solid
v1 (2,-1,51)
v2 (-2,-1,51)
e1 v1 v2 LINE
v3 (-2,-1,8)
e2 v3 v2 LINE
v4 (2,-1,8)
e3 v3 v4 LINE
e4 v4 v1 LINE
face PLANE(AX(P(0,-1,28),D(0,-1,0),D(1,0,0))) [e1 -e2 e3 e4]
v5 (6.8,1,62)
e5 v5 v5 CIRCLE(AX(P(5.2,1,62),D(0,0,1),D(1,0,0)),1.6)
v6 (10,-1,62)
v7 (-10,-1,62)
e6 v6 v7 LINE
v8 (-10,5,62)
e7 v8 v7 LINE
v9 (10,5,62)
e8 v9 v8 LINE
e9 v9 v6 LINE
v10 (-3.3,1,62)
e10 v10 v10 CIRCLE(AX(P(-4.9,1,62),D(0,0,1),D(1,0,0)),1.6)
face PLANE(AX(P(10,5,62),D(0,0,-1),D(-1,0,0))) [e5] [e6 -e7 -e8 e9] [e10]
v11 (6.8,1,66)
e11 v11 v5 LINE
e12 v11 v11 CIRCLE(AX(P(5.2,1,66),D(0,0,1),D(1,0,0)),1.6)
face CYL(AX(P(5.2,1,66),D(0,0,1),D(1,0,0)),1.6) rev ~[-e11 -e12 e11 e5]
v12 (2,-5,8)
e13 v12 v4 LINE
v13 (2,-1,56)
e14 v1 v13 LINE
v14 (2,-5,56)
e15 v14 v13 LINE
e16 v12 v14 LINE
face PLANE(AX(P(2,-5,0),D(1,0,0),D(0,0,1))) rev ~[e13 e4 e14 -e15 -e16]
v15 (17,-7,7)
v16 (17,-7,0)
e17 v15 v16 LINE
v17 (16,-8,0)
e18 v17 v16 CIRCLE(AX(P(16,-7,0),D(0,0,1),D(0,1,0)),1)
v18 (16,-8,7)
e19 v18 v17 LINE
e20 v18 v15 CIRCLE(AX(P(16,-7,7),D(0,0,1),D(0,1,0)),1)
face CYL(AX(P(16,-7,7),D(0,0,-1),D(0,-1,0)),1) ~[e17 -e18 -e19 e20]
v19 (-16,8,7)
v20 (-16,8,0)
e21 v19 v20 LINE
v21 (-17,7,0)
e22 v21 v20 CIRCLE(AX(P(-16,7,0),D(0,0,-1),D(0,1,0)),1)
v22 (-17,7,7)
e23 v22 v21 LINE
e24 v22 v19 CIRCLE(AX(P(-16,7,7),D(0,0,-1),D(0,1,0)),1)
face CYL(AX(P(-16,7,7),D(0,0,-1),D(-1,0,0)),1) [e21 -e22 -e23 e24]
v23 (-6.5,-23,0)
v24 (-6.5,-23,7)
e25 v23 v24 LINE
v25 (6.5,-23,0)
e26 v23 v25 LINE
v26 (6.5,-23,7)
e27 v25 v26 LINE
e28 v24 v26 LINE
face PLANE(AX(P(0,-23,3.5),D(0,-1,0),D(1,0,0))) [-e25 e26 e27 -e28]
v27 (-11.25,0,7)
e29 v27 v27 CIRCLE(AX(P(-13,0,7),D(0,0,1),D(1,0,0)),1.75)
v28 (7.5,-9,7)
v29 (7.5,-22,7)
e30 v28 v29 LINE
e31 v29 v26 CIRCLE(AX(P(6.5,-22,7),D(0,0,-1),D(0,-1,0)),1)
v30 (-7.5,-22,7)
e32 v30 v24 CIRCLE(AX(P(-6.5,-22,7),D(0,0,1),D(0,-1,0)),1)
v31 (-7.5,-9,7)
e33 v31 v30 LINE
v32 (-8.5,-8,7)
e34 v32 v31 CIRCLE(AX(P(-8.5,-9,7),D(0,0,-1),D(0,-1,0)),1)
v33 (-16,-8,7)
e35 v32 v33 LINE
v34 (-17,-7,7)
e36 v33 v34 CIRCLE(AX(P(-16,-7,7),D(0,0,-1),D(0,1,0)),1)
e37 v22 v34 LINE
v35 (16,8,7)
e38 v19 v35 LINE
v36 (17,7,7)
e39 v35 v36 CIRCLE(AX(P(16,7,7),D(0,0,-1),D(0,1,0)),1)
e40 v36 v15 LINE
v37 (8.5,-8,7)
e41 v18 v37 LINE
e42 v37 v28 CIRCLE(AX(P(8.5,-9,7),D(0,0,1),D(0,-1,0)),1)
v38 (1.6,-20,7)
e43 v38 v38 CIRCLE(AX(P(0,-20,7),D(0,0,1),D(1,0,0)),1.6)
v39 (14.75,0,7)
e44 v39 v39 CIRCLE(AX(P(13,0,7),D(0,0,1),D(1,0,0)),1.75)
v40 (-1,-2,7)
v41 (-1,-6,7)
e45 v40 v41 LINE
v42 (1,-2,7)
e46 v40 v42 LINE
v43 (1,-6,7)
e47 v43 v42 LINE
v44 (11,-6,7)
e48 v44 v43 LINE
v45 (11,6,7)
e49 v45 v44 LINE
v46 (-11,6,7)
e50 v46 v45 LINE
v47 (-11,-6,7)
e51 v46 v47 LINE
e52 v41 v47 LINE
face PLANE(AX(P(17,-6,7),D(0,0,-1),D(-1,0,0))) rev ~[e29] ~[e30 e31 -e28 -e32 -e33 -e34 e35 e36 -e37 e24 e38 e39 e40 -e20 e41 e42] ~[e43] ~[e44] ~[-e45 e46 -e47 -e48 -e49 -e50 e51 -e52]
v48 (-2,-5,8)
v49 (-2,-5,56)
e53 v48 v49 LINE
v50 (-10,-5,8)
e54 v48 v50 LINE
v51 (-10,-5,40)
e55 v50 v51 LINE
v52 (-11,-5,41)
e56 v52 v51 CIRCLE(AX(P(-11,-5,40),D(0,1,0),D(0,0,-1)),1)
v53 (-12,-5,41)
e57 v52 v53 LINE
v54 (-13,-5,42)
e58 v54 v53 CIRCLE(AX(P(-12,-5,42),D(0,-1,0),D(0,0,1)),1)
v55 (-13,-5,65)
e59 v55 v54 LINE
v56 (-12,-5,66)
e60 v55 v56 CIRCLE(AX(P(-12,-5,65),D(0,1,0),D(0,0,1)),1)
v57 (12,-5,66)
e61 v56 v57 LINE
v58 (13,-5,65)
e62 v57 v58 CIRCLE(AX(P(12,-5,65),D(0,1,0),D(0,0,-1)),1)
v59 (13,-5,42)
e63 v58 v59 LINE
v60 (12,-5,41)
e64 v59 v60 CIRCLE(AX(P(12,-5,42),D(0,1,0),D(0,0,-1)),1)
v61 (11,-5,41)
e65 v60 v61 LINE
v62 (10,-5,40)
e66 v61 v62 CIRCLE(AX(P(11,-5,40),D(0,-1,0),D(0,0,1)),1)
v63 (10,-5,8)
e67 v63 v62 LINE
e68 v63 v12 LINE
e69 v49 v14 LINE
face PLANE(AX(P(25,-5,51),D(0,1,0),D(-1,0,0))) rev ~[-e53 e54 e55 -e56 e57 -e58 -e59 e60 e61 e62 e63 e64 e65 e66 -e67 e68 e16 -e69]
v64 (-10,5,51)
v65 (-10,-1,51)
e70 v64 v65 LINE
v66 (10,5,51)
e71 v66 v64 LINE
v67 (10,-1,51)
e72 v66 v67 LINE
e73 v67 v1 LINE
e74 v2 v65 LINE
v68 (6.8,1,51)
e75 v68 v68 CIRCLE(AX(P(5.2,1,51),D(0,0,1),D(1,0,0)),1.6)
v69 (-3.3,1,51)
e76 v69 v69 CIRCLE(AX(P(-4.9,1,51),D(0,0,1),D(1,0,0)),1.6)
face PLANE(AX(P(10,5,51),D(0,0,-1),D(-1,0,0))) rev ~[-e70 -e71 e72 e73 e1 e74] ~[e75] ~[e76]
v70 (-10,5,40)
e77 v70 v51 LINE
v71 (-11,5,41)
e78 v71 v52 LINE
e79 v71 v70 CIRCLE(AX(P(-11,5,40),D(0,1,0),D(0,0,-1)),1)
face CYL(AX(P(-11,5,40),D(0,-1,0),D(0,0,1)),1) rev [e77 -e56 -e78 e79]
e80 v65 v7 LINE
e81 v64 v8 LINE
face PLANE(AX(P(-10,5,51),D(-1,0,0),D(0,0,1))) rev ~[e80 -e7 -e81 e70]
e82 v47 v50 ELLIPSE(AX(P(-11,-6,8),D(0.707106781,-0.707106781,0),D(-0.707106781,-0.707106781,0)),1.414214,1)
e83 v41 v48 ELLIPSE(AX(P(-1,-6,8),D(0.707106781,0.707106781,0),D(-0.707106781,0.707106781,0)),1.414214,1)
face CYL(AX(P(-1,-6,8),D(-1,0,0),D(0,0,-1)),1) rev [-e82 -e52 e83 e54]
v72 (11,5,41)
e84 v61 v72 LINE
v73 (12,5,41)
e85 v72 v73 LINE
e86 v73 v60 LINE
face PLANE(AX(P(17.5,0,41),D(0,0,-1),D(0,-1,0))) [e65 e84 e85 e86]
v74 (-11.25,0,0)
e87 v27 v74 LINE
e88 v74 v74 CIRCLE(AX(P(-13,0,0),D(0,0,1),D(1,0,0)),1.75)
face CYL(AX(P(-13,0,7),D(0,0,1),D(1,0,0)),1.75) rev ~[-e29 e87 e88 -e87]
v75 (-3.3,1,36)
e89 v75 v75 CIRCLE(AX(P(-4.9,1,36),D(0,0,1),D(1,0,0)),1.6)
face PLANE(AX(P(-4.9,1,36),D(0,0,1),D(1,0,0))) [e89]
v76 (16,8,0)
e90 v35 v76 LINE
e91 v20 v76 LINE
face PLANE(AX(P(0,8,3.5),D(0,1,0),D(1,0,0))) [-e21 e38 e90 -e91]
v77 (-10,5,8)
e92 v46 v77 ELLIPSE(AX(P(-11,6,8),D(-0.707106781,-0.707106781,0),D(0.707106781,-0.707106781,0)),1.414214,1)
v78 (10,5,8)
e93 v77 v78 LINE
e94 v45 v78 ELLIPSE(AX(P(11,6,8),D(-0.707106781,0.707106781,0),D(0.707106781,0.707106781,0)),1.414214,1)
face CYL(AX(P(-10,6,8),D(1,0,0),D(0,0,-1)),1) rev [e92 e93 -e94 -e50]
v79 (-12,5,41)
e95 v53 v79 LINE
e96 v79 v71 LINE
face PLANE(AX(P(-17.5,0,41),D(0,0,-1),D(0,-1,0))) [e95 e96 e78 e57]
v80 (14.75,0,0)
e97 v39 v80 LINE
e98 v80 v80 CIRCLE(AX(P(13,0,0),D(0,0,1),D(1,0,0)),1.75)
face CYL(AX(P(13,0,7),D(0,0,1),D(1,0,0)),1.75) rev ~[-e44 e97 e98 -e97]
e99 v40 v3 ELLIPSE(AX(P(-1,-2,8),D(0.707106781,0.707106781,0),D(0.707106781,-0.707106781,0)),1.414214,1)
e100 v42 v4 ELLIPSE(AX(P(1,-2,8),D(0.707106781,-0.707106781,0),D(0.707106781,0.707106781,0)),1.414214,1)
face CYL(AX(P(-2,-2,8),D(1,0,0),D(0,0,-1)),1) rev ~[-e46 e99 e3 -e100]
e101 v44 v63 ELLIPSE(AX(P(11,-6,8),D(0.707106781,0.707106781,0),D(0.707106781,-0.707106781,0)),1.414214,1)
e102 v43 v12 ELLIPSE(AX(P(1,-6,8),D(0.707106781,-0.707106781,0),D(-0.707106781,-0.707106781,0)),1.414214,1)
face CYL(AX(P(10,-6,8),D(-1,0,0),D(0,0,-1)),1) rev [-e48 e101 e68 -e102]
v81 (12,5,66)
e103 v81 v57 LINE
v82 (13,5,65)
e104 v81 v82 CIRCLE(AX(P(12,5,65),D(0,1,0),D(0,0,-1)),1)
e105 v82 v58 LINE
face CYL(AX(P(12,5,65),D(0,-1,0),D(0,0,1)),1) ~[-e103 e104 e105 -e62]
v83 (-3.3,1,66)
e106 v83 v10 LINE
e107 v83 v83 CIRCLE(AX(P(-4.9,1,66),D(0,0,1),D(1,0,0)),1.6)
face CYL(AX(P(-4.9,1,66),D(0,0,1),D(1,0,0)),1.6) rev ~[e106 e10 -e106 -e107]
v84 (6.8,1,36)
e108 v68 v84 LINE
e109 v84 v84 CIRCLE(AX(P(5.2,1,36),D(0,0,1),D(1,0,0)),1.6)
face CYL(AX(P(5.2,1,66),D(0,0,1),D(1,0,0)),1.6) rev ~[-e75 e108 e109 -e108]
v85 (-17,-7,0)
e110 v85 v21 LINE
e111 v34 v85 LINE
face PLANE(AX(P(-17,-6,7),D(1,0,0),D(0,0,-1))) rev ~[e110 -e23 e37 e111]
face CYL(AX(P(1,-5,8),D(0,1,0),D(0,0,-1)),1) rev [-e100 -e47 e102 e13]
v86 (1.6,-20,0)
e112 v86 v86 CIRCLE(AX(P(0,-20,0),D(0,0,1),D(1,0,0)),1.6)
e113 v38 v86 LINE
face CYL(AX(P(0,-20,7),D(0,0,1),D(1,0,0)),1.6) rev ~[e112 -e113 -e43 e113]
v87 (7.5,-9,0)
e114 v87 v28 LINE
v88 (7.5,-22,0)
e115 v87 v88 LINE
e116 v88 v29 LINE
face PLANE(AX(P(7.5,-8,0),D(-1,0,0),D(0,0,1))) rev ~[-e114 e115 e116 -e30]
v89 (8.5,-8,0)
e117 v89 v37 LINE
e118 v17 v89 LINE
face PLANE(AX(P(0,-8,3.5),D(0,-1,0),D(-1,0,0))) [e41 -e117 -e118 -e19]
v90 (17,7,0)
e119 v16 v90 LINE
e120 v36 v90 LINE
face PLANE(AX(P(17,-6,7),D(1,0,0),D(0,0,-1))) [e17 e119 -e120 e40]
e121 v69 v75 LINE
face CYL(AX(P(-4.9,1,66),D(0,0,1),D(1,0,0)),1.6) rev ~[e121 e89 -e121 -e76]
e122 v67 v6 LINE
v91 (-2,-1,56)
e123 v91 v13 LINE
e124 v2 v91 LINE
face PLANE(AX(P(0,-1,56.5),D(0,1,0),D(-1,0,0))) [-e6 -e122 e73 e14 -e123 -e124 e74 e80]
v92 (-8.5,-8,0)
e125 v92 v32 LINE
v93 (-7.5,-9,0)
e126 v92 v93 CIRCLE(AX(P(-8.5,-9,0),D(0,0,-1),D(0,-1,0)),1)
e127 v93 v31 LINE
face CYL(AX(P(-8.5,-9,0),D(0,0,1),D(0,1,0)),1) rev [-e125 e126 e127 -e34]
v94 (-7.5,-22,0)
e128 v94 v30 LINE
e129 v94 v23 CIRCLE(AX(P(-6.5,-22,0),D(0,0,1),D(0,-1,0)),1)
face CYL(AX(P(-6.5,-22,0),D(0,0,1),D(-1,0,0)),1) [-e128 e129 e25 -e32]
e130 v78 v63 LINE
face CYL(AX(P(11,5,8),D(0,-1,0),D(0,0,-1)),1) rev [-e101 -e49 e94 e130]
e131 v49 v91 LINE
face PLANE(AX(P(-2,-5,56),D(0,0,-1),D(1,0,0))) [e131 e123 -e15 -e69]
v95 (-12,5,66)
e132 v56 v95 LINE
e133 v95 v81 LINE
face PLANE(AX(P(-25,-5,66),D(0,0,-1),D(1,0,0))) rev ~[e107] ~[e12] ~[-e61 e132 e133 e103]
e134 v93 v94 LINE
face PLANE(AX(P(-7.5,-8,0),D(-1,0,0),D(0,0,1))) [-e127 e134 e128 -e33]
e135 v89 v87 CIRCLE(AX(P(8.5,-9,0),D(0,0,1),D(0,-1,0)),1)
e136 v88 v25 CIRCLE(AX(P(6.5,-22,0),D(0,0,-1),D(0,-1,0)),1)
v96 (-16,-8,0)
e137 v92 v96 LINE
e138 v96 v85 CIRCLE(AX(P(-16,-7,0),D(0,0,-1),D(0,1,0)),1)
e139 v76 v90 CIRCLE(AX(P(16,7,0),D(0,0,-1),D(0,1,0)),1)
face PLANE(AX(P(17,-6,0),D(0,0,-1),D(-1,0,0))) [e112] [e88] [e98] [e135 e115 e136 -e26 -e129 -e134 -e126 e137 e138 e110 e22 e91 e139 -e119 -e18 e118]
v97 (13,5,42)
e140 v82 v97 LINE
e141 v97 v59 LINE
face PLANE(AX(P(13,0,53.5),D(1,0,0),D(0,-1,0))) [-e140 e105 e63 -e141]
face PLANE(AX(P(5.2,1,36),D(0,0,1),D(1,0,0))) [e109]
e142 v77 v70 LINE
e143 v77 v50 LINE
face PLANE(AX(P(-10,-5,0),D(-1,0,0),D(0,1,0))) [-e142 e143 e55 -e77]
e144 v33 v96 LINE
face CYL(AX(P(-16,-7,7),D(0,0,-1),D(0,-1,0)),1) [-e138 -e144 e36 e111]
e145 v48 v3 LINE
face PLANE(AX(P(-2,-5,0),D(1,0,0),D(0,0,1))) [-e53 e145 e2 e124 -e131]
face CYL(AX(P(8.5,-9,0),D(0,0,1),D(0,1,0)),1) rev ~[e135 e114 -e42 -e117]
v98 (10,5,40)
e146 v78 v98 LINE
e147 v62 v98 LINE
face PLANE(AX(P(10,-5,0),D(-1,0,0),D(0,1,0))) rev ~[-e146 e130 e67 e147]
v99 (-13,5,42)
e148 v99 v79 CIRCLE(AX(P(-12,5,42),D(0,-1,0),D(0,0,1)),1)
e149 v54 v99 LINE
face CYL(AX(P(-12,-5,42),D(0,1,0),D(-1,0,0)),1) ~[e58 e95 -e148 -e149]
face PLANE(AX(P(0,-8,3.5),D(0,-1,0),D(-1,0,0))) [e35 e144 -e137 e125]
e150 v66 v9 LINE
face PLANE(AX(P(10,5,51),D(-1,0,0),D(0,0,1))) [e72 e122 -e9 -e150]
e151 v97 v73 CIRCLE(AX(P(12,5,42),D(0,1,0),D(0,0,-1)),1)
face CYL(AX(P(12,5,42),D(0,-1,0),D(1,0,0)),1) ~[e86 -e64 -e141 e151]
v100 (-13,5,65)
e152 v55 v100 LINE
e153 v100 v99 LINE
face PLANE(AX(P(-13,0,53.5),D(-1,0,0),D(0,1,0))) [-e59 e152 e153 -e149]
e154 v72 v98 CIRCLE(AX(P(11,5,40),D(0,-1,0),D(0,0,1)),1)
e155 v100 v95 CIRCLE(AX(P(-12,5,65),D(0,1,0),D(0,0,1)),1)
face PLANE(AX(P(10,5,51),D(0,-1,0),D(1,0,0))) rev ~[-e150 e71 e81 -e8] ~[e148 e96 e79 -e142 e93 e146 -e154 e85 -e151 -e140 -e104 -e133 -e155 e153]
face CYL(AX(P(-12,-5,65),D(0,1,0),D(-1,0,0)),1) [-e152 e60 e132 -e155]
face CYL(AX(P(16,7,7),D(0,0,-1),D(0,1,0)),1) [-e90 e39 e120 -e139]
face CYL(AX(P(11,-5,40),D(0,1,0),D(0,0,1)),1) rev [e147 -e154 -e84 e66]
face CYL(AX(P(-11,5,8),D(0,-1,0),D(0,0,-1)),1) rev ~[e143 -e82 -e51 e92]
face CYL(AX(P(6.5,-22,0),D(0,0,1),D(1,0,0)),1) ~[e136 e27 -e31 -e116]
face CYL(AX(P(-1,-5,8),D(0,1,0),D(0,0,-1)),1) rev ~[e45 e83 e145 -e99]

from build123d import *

# Parameters (mm, degrees)
SKETCH_W           = 20
SKETCH_H           = 10
PAD_DEPTH          = 60
SKETCH001_W        = 50
SKETCH001_H        = 10
PAD001_DEPTH       = 10
PAD001_FACE6_W     = 10
PAD001_FACE6_H     = 15
PAD002_DEPTH       = 5
PAD002_FACE5_W     = 10
PAD002_FACE5_H     = 15
PAD003_DEPTH       = 5
SKETCH002_W        = 20
SKETCH002_H        = 11
POCKET_DEPTH       = 6
PAD004_DEPTH       = 10
PAD005_DEPTH       = 10
PAD005_FACE15_W    = 10
PAD005_FACE15_H    = 25
POCKET001_DEPTH    = 12
POCKET001_FACE3_W  = 10
POCKET001_FACE3_H  = 25
POCKET002_DEPTH    = 12
SKETCH003_W        = 4
SKETCH003_H        = 56
POCKET003_DEPTH    = 4
SKETCH004_R        = 1.6
POCKET004_DEPTH    = 30
SKETCH005_W        = 30
SKETCH005_H        = 12
PAD006_DEPTH       = 7
SKETCH006_R        = 1.75
POCKET005_DEPTH    = 9
POCKET005_FACE23_W = 12
POCKET005_FACE23_H = 7
PAD007_DEPTH       = 2
PAD007_FACE1_W     = 12
PAD007_FACE1_H     = 7
PAD008_DEPTH       = 2
FILLET_R           = 1
FILLET_FACE10_W    = 34
FILLET_FACE10_H    = 7
PAD009_DEPTH       = 2
PAD009_FACE3_W     = 34
PAD009_FACE3_H     = 7
PAD010_DEPTH       = 2
FILLET001_R        = 1
FILLET002_R        = 1
FILLET003_R        = 1
SKETCH007_W        = 15
SKETCH007_H        = 7
PAD011_DEPTH       = 15
FILLET004_R        = 1
SKETCH008_R        = 1.6
POCKET006_DEPTH    = 10


with BuildPart() as part:
    # Sketch → Pad (new body)
    with BuildSketch(Plane.XY):
        Rectangle(SKETCH_W, SKETCH_H)
    extrude(amount=PAD_DEPTH)

    # Sketch001 (on Face2 of Pad) → Pad001 (join)
    with BuildSketch(Plane.XZ.offset(5)):
        with Locations((0, 61)):
            Rectangle(SKETCH001_W, SKETCH001_H)
    extrude(amount=-PAD001_DEPTH)

    # Pad001 Face6 → Pad002 (add)
    with BuildSketch(Plane(origin=(17.5, 0, 56), x_dir=(0, -1, 0), z_dir=(0, 0, -1))):
        Rectangle(PAD001_FACE6_W, PAD001_FACE6_H)
    extrude(amount=PAD002_DEPTH)

    # Pad002 Face5 → Pad003 (add)
    with BuildSketch(Plane(origin=(-17.5, 0, 56), x_dir=(0, -1, 0), z_dir=(0, 0, -1))):
        Rectangle(PAD002_FACE5_W, PAD002_FACE5_H)
    extrude(amount=PAD003_DEPTH)

    # Sketch002 (on Face10 of Pad003) → Pocket (cut)
    with BuildSketch(Plane(origin=(0, 5, 0), x_dir=(-1, 0, 0), z_dir=(0, 1, 0))):
        with Locations((0, 56.5)):
            Rectangle(SKETCH002_W, SKETCH002_H)
    extrude(amount=-POCKET_DEPTH, mode=Mode.SUBTRACT)

    # Pocket Face6 → Pad004 (add)
    with BuildSketch(Plane(origin=(-17.5, 0, 51), x_dir=(0, -1, 0), z_dir=(0, 0, -1))):
        Polygon((5, -7.5), (5, 7.5), (-5, 7.5), (-5, -7.5), (1, -7.5), align=None)
    extrude(amount=PAD004_DEPTH)

    # Pad004 Face5 → Pad005 (add)
    with BuildSketch(Plane(origin=(17.5, 0, 51), x_dir=(0, -1, 0), z_dir=(0, 0, -1))):
        Polygon((5, -7.5), (5, 7.5), (1, 7.5), (-5, 7.5), (-5, -7.5), align=None)
    extrude(amount=PAD005_DEPTH)

    # Pad005 Face15 → Pocket001 (cut)
    with BuildSketch(Plane(origin=(25, 0, 53.5), x_dir=(0, -1, 0), z_dir=(1, 0, 0))):
        Rectangle(PAD005_FACE15_W, PAD005_FACE15_H)
    extrude(amount=-POCKET001_DEPTH, mode=Mode.SUBTRACT)

    # Pocket001 Face3 → Pocket002 (cut)
    with BuildSketch(Plane(origin=(-25, 0, 53.5), x_dir=(0, 1, 0), z_dir=(-1, 0, 0))):
        Rectangle(POCKET001_FACE3_W, POCKET001_FACE3_H)
    extrude(amount=-POCKET002_DEPTH, mode=Mode.SUBTRACT)

    # Sketch003 (on Face2 of Pocket002) → Pocket003 (cut)
    with BuildSketch(Plane.XZ.offset(5)):
        with Locations((0, 28)):
            Rectangle(SKETCH003_W, SKETCH003_H)
    extrude(amount=-POCKET003_DEPTH, mode=Mode.SUBTRACT)

    # Sketch004 (on Face1 of Pocket003) → Pocket004 (cut)
    with BuildSketch(Plane.XY.offset(66)):
        with Locations((-4.9, 1)):
            Circle(SKETCH004_R)
        with Locations((5.2, 1)):
            Circle(SKETCH004_R)
    extrude(amount=-POCKET004_DEPTH, mode=Mode.SUBTRACT)

    # Sketch005 (on Face12 of Pocket004) → Pad006 (join)
    with BuildSketch(Plane(origin=(0, 0, 0), x_dir=(1, 0, 0), z_dir=(0, 0, -1))):
        Rectangle(SKETCH005_W, SKETCH005_H)
    extrude(amount=-PAD006_DEPTH)

    # Sketch006 (on Face12 of Pad006) → Pocket005 (cut)
    with BuildSketch(Plane.XY.offset(7)):
        with Locations((13, 0)):
            Circle(SKETCH006_R)
        with Locations((-13, 0)):
            Circle(SKETCH006_R)
    extrude(amount=-POCKET005_DEPTH, mode=Mode.SUBTRACT)

    # Pocket005 Face23 → Pad007 (add)
    with BuildSketch(Plane(origin=(15, 0, 3.5), x_dir=(0, -1, 0), z_dir=(1, 0, 0))):
        Rectangle(POCKET005_FACE23_W, POCKET005_FACE23_H)
    extrude(amount=PAD007_DEPTH)

    # Pad007 Face1 → Pad008 (add)
    with BuildSketch(Plane(origin=(-15, 0, 3.5), x_dir=(0, 1, 0), z_dir=(-1, 0, 0))):
        Rectangle(PAD007_FACE1_W, PAD007_FACE1_H)
    extrude(amount=PAD008_DEPTH)

    # Fillet
    fillet_edges = [part.edges().sort_by_distance(p)[0] for p in [
        (0, -1, 7),
        (-2, -3, 7),
        (2, -3, 7),
    ]]
    fillet(fillet_edges, radius=FILLET_R)

    # Fillet Face10 → Pad009 (add)
    with BuildSketch(Plane(origin=(0, 6, 3.5), x_dir=(1, 0, 0), z_dir=(0, 1, 0))):
        Rectangle(FILLET_FACE10_W, FILLET_FACE10_H)
    extrude(amount=PAD009_DEPTH)

    # Pad009 Face3 → Pad010 (add)
    with BuildSketch(Plane(origin=(0, -6, 3.5), x_dir=(-1, 0, 0), z_dir=(0, -1, 0))):
        Rectangle(PAD009_FACE3_W, PAD009_FACE3_H)
    extrude(amount=PAD010_DEPTH)

    # Fillet001
    fillet001_edges = [part.edges().sort_by_distance(p)[0] for p in [
        (0, 5, 7),
        (-10, 0, 7),
        (10, 0, 7),
        (5.5, -5, 7),
        (-5.5, -5, 7),
    ]]
    fillet(fillet001_edges, radius=FILLET001_R)

    # Fillet002
    fillet002_edges = [part.edges().sort_by_distance(p)[0] for p in [
        (10, 0, 41),
        (13, 0, 41),
        (-10, 0, 41),
        (-13, 0, 41),
    ]]
    fillet(fillet002_edges, radius=FILLET002_R)

    # Fillet003
    fillet003_edges = [part.edges().sort_by_distance(p)[0] for p in [
        (-13, 0, 66),
        (13, 0, 66),
        (-17, 8, 3.5),
        (-17, -8, 3.5),
        (17, 8, 3.5),
        (17, -8, 3.5),
    ]]
    fillet(fillet003_edges, radius=FILLET003_R)

    # Sketch007 (on Face42 of Fillet003) → Pad011 (join)
    with BuildSketch(Plane.XZ.offset(8)):
        with Locations((0, 3.5)):
            Rectangle(SKETCH007_W, SKETCH007_H)
    extrude(amount=PAD011_DEPTH)

    # Fillet004
    fillet004_edges = [part.edges().sort_by_distance(p)[0] for p in [
        (-7.5, -23, 3.5),
        (7.5, -23, 3.5),
        (-7.5, -8, 3.5),
        (7.5, -8, 3.5),
    ]]
    fillet(fillet004_edges, radius=FILLET004_R)

    # Sketch008 (on Face5 of Fillet004) → Pocket006 (cut)
    with BuildSketch(Plane.XY.offset(7)):
        with Locations((0, -20)):
            Circle(SKETCH008_R)
    extrude(amount=-POCKET006_DEPTH, mode=Mode.SUBTRACT)


solid = part.part
